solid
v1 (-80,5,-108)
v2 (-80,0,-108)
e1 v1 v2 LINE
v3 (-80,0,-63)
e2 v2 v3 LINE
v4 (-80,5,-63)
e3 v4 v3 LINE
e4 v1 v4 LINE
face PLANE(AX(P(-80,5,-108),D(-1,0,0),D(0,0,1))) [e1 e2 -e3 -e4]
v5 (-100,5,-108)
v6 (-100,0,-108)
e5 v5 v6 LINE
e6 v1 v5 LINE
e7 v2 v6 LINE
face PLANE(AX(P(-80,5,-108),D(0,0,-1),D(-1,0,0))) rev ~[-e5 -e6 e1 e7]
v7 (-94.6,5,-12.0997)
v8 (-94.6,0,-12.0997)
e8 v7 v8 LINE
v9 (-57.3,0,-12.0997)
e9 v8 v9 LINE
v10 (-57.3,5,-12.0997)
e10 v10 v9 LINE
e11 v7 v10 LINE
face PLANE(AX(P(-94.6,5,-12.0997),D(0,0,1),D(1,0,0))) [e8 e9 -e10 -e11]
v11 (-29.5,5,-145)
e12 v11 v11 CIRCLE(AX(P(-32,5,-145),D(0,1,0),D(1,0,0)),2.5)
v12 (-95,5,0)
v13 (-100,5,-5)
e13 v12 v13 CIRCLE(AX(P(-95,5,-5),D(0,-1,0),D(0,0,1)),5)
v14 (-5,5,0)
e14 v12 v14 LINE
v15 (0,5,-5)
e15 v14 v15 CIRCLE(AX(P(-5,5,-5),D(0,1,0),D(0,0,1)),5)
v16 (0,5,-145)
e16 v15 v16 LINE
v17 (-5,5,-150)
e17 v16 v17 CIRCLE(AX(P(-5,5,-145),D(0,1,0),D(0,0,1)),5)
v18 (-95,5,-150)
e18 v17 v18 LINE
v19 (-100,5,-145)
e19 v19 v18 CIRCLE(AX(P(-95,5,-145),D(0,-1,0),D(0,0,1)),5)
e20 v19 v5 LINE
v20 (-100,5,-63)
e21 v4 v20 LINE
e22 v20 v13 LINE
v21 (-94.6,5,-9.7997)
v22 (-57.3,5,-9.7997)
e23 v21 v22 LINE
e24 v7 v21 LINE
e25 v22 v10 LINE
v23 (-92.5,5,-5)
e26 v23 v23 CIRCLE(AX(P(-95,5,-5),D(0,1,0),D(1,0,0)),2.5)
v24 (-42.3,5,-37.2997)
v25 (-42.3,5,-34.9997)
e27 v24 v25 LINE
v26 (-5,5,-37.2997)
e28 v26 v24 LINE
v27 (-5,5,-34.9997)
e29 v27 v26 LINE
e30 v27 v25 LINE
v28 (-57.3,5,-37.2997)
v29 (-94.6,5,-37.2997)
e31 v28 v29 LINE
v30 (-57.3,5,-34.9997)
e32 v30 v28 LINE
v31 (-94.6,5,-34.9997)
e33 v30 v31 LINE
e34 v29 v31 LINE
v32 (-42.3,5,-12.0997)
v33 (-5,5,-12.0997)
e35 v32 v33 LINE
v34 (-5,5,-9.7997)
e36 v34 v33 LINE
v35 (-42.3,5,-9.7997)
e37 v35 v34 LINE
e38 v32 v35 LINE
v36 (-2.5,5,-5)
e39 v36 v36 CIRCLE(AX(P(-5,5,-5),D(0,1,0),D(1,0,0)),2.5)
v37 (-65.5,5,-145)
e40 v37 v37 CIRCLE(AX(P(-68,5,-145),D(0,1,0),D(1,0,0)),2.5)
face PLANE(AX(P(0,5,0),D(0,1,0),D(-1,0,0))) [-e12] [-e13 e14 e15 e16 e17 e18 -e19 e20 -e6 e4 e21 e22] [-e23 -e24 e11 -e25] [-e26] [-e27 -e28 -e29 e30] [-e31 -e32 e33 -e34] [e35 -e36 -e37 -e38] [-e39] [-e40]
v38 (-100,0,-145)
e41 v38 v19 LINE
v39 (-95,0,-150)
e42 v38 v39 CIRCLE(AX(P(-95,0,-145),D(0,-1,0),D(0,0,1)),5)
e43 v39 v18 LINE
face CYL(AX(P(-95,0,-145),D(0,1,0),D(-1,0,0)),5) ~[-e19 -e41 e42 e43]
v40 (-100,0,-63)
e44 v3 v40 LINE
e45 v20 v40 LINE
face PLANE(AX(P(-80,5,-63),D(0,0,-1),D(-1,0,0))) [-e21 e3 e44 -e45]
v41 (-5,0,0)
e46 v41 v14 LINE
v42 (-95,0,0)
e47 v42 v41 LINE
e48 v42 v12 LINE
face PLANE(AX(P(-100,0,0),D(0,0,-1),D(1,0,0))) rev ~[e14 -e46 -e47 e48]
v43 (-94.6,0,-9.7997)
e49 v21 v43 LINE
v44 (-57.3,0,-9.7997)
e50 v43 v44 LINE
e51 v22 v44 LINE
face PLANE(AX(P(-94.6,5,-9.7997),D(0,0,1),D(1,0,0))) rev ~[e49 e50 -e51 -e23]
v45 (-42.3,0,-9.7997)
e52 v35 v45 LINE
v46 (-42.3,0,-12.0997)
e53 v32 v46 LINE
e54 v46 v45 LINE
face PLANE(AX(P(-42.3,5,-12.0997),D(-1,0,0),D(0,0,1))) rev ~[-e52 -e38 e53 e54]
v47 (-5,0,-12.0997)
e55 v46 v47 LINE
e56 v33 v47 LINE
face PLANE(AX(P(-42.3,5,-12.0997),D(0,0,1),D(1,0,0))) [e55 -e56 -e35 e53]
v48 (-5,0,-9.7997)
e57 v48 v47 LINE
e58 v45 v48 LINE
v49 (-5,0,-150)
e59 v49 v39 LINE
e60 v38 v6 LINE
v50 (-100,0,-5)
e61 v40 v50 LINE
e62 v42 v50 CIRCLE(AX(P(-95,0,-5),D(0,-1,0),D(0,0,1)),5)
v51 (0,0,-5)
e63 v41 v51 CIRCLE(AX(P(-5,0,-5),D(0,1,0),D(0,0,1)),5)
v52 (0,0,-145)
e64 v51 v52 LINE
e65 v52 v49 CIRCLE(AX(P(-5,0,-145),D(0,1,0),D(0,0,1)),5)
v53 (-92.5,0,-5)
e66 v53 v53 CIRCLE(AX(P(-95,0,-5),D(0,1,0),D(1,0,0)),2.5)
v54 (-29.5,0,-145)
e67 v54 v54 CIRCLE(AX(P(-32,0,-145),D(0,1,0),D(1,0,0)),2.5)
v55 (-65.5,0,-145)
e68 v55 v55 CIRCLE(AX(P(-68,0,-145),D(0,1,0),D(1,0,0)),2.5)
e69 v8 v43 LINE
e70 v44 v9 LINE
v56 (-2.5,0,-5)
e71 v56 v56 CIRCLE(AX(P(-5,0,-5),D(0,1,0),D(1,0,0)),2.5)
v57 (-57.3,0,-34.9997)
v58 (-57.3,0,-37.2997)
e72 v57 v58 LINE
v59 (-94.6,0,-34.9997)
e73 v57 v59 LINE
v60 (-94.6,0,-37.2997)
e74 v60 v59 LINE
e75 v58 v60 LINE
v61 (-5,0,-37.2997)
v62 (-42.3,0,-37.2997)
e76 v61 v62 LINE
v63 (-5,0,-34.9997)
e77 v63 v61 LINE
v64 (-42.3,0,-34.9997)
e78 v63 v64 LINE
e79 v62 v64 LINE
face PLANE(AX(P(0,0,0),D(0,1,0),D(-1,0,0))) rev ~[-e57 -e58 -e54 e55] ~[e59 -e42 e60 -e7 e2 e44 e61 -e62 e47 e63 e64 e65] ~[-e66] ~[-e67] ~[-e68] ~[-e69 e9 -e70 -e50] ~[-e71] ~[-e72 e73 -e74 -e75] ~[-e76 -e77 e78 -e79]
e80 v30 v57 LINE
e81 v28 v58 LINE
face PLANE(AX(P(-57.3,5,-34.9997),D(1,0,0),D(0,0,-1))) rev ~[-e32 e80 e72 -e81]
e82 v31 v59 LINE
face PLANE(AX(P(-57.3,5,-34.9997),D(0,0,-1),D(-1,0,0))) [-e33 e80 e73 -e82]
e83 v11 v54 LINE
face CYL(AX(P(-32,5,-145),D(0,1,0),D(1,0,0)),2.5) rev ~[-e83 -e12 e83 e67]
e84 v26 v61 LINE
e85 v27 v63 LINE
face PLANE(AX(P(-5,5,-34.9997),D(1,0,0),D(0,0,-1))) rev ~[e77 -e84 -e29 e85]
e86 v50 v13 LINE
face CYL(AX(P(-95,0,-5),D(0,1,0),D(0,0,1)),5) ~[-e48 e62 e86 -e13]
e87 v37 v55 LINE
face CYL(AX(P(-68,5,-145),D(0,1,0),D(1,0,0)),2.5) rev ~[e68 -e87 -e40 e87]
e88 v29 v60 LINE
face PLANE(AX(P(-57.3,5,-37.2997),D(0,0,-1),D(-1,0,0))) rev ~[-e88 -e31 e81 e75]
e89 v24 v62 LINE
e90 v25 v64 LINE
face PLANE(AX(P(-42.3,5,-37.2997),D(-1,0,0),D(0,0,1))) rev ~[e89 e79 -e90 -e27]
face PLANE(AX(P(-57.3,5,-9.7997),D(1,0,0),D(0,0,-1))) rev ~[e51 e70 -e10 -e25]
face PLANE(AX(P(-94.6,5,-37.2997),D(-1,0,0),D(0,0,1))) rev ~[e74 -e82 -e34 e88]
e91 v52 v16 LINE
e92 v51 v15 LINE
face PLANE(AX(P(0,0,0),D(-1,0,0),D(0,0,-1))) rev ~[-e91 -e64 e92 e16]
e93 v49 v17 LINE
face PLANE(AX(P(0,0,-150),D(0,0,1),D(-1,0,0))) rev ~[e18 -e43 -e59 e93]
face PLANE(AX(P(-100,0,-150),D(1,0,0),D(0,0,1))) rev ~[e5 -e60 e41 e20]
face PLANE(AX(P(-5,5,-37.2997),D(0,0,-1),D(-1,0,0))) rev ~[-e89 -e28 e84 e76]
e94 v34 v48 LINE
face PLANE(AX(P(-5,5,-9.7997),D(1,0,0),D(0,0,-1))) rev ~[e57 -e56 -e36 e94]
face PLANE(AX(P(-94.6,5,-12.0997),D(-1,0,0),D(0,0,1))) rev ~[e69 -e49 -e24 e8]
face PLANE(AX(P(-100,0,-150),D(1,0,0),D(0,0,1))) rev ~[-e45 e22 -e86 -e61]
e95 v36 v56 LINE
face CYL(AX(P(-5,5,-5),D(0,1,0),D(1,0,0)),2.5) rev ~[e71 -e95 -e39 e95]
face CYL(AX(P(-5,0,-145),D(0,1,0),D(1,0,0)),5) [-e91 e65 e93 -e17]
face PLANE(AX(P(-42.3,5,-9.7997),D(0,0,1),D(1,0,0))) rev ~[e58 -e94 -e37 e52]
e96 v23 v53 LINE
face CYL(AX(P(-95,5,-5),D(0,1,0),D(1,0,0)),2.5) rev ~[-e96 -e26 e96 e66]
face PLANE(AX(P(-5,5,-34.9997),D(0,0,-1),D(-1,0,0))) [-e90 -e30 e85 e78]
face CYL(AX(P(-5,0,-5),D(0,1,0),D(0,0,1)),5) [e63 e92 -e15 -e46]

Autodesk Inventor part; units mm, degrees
ref_plane "YZ Plane" through (0, 0, 0) normal (1, 0, 0) x (0, 1, 0)
ref_plane "XZ Plane" through (0, 0, 0) normal (0, 1, 0) x (-1, 0, 0)
ref_plane "XY Plane" through (0, 0, 0) normal (0, 0, 1) x (1, 0, 0)
sketch "Esboço1" plane through (0, 0, 0) normal (0, 1, 0) x (-1, 0, 0)
  line L0 (0, 0) -> (0, -150)
  line L1 (0, -150) -> (100, -150)
  line L2 (100, -150) -> (100, 0)
  line L3 (100, 0) -> (0, 0)
  dimension "d0" = 150
  dimension "d1" = 100
extrude "Extrusão1" add sketch "Esboço1" along normal blind 5
fillet "Arredondamento1" radius 5 1 edges at (0, 2.5, 0)
fillet "Arredondamento2" radius 5 1 edges at (-100, 2.5, 0)
fillet "Arredondamento3" radius 5 2 edges at (-100, 2.5, -150) (0, 2.5, -150)
sketch "Esboço2" plane through (0, 5, 0) normal (0, 1, 0) x (1, 0, 0)
  circle A0 centre (-5, 5) radius 2.5
  circle A1 centre (-95, 5) radius 2.5
  circle A2 centre (-68, 145) radius 2.5
  circle A3 centre (-32, 145) radius 2.5
  circle A4 centre (-5, 5) radius 2.5
  dimension "d26" = 5
  dimension "d28" = 5
  dimension "d41" = 5
  dimension "d42" = 5
sketch "Esboço3" plane through (0, 5, 0) normal (0, 1, 0) x (1, 0, 0)
  line L0 (-5, 150) -> (-95, 150) projected
  line L1 (-80, 108) -> (-80, 63)
  line L2 (-100, 145) -> (-100, 5) projected
  line L3 (-80, 108) -> (-106.6116, 108)
  line L4 (-80, 63) -> (-106.6116, 63)
  circle A0 centre (-32, 145) radius 2.5 projected
  line L5 (-67.9453, 145) -> (-32, 145)
  point P0 (0, 0)
  point P1 (-100, 108)
  point P2 (-100, 63)
  point P3 (-100, 108)
  point P4 (-100, 63)
  dimension "d53" = 45
extrude "Extrusão9" cut sketch "Esboço3" against normal through all contours L1 L4 L2 L3
extrude "Extrusão10" cut sketch "Esboço2" against normal through all
sketch "Esboço4" plane through (0, 5, 0) normal (0, 1, 0) x (1, 0, 0)
  line L0 (-95, 0) -> (-5, 0) projected
  line L1 (-5, 34.9997) -> (-42.3, 34.9997)
  line L2 (-42.3, 12.0997) -> (-5, 12.0997)
  line L3 (-42.3, 12.0997) -> (-42.3, 9.7997)
  line L4 (-42.3, 9.7997) -> (-5, 9.7997)
  line L5 (-5, 9.7997) -> (-5, 12.0997)
  line L6 (-5, 34.9997) -> (-5, 37.2997)
  line L7 (-5, 37.2997) -> (-42.3, 37.2997)
  line L8 (-42.3, 37.2997) -> (-42.3, 34.9997)
  line L9 (-57.3, 34.9997) -> (-94.6, 34.9997)
  line L10 (-94.6, 12.0997) -> (-57.3, 12.0997)
  line L11 (-94.6, 12.0997) -> (-94.6, 9.7997)
  line L12 (-94.6, 9.7997) -> (-57.3, 9.7997)
  line L13 (-57.3, 9.7997) -> (-57.3, 12.0997)
  line L14 (-57.3, 34.9997) -> (-57.3, 37.2997)
  line L15 (-57.3, 37.2997) -> (-94.6, 37.2997)
  line L16 (-94.6, 37.2997) -> (-94.6, 34.9997)
  point P0 (0, 0)
  dimension "d62" = 37.3
  dimension "d63" = 22.9
  dimension "d64" = 2.3
  dimension "d65" = 2.3
  dimension "d67" = 37.3
extrude "Extrusão11" cut sketch "Esboço4" against normal through all
properties part number "BaseS"
